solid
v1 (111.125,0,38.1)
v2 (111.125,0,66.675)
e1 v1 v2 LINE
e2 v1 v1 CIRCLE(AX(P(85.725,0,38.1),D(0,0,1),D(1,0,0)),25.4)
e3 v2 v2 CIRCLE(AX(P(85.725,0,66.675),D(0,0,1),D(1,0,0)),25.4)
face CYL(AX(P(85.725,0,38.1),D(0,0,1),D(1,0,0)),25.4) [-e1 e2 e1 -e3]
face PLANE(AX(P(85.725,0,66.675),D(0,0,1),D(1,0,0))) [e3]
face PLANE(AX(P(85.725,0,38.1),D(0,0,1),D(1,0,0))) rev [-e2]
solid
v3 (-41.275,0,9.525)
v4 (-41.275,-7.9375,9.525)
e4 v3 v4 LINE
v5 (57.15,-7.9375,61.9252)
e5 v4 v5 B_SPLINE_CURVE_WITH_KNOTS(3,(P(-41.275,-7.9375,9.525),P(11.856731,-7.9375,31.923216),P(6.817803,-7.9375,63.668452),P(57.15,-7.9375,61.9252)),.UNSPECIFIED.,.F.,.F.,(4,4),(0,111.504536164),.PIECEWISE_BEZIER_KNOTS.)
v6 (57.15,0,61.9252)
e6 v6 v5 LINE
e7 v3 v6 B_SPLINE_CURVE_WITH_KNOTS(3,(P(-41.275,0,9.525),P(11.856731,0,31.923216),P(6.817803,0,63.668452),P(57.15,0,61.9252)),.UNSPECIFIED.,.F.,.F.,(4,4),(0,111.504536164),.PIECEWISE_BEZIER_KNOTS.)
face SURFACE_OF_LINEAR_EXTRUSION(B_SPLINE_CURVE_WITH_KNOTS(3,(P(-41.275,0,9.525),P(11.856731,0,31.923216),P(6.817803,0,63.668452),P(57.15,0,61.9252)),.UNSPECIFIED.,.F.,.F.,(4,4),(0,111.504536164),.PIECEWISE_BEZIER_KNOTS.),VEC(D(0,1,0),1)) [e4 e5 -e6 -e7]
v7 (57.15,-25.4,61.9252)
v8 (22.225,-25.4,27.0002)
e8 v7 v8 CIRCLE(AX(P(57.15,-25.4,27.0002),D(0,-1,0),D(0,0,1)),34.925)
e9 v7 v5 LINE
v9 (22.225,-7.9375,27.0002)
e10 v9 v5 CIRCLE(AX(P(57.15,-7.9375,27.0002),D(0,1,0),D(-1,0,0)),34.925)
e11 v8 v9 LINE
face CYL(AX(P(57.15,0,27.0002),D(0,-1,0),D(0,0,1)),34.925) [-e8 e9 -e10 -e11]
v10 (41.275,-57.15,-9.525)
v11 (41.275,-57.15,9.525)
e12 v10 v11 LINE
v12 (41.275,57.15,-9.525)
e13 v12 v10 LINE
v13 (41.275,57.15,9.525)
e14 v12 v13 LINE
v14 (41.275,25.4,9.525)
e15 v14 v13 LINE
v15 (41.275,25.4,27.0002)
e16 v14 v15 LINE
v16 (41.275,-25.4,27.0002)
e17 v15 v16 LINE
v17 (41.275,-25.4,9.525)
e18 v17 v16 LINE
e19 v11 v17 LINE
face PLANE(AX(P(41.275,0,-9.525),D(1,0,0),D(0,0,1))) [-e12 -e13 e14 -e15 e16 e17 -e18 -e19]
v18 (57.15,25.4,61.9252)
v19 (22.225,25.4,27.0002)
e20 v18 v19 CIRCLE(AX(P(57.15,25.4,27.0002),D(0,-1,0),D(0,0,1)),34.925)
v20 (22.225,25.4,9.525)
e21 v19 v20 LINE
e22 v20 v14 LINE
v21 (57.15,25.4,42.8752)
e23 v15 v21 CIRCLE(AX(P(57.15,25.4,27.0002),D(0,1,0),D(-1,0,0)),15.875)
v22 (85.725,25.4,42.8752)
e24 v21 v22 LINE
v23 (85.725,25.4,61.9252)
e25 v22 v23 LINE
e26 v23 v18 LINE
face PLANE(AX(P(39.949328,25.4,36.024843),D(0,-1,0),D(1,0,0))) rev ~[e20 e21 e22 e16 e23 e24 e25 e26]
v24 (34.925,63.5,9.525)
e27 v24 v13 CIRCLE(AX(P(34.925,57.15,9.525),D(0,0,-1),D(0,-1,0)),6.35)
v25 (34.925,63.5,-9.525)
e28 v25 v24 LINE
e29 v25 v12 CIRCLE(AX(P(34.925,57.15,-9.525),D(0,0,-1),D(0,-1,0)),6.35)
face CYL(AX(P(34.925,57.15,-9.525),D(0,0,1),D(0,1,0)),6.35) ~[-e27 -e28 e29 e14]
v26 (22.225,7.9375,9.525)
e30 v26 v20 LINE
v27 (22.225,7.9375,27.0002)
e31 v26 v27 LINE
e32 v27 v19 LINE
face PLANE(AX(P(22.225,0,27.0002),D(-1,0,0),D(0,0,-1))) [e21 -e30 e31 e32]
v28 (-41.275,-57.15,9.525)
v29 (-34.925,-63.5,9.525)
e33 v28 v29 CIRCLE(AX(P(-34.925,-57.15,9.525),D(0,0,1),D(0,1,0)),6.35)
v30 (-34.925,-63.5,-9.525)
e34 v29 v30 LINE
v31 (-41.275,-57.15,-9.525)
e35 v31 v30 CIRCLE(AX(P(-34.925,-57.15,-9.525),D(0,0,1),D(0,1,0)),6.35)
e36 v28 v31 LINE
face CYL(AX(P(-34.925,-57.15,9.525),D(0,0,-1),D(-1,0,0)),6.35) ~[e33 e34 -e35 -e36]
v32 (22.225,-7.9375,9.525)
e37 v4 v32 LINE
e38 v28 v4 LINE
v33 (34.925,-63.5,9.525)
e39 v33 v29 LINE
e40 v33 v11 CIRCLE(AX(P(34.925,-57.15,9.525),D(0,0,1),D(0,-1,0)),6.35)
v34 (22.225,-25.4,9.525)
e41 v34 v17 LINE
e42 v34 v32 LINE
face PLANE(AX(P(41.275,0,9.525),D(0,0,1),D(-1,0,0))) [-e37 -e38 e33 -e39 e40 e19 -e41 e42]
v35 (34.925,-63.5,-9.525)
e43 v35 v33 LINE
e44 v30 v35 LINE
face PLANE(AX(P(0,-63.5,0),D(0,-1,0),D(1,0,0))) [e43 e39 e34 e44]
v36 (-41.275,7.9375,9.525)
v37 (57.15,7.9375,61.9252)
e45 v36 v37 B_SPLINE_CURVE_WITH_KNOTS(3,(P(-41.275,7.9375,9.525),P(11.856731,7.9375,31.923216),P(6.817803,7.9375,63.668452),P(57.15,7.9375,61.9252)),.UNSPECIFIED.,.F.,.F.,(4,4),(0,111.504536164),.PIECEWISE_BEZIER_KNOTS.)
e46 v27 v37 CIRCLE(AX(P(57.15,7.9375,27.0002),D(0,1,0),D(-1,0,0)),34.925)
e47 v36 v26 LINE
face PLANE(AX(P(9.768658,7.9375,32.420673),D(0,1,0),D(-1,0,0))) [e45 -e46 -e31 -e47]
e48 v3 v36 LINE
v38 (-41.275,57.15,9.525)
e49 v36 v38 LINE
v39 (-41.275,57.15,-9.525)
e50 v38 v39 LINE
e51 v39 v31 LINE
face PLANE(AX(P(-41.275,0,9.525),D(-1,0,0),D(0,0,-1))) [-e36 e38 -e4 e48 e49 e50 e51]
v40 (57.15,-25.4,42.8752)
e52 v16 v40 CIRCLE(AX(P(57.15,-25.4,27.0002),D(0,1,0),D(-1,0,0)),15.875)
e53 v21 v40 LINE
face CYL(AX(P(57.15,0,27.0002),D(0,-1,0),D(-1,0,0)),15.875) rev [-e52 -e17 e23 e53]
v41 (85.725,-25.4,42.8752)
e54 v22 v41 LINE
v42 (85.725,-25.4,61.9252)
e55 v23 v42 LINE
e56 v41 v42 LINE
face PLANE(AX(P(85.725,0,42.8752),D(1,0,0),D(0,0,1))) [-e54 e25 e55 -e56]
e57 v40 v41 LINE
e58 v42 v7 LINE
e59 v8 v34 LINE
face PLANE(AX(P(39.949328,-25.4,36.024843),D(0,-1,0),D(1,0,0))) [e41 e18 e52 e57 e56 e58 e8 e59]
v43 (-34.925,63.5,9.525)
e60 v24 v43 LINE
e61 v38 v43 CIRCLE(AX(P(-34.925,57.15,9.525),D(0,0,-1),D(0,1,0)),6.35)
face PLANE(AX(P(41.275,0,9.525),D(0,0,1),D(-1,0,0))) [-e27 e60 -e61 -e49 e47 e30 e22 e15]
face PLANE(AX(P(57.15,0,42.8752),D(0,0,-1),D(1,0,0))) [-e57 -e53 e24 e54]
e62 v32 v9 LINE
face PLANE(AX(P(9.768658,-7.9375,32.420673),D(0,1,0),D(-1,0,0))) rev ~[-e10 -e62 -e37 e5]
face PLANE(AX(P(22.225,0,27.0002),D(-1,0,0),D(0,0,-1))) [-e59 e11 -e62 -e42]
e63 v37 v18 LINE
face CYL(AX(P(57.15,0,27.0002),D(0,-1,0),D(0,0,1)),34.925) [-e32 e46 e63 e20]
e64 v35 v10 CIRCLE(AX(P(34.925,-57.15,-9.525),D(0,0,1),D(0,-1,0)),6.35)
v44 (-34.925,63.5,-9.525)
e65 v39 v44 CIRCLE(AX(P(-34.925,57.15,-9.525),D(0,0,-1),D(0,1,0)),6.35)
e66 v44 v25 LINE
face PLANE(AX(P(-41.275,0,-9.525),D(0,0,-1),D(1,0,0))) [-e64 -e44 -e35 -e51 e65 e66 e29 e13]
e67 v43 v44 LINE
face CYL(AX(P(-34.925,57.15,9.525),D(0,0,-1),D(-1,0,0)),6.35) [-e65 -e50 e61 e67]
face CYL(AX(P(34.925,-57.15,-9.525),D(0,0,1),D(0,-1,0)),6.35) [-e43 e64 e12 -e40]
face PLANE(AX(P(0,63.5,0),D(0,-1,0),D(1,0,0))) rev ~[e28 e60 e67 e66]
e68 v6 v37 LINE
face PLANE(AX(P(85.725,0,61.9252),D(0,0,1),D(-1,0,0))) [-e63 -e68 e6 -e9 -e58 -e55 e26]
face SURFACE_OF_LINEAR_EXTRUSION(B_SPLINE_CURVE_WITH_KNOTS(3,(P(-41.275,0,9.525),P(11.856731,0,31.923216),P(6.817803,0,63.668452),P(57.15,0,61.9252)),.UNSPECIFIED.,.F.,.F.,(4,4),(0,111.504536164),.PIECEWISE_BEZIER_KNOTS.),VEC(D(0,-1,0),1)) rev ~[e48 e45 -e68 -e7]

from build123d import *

# Parameters (mm, degrees)
F1_DEPTH = 63.5
F0_W     = 25.4
F0_H     = 19.05
F2_DEPTH = 25.4
F3_DEPTH = 7.9375
F5_R     = 6.35


with BuildPart() as f1:
    # F0 (on Front) → F1 (new body, symmetric)
    with BuildSketch(Plane.XZ):
        Polygon((-41.275, 9.525), (-41.275, -9.525), (41.275, -9.525), (41.275, 9.525), (22.225, 9.525), align=None)
    extrude(amount=F1_DEPTH, both=True)

    # F0 (on Front) → F2 (join, symmetric)
    with BuildSketch(Plane.XZ):
        with BuildLine():
            Line((22.225, 9.525), (41.275, 9.525))
            Line((41.275, 9.525), (41.275, 27.0002))
            ThreePointArc((41.275, 27.0002), (45.9246798487, 38.2255201513), (57.15, 42.8752))
            Line((57.15, 42.8752), (60.325, 42.8752))
            Line((60.325, 42.8752), (60.325, 61.9252))
            Line((60.325, 61.9252), (57.15, 61.9252))
            ThreePointArc((57.15, 61.9252), (32.4542956671, 51.6959043329), (22.225, 27.0002))
            Line((22.225, 27.0002), (22.225, 9.525))
        make_face()
        with Locations((73.025, 52.4002)):
            Rectangle(F0_W, F0_H)
    extrude(amount=F2_DEPTH, both=True)

    # F0 (on Front) → F3 (join, symmetric)
    with BuildSketch(Plane.XZ):
        with BuildLine():
            add(Edge.make_bspline(
                [(-41.275, 9.525), (11.8567310274, 31.9232158363), (6.8178027868, 63.6684522033), (57.15, 61.9252)],
                knots=[0, 0, 0, 0, 111.5045361635, 111.5045361635, 111.5045361635, 111.5045361635], degree=3))
            Line((-41.275, 9.525), (22.225, 9.525))
            Line((22.225, 9.525), (22.225, 27.0002))
            ThreePointArc((22.225, 27.0002), (32.4542956671, 51.6959043329), (57.15, 61.9252))
        make_face()
    extrude(amount=F3_DEPTH, both=True)

    # F5
    f5_edges = [f1.edges().sort_by_distance(p)[0] for p in [
        (41.275, -63.5, 0),
        (-41.275, -63.5, 0),
        (41.275, 63.5, 0),
        (-41.275, 63.5, 0),
    ]]
    fillet(f5_edges, radius=F5_R)


with BuildPart() as f4:
    # F0 (on Front) → F4 (revolve)
    with BuildSketch(Plane.XZ):
        Polygon((85.725, 66.675), (85.725, 61.9252), (85.725, 42.8752), (85.725, 38.1), (111.125, 38.1), (111.125, 66.675), align=None)
    revolve(axis=Axis((85.725, 0, 52.3875), (0, 0, 1)))


solid = Compound([f1.part, f4.part])
